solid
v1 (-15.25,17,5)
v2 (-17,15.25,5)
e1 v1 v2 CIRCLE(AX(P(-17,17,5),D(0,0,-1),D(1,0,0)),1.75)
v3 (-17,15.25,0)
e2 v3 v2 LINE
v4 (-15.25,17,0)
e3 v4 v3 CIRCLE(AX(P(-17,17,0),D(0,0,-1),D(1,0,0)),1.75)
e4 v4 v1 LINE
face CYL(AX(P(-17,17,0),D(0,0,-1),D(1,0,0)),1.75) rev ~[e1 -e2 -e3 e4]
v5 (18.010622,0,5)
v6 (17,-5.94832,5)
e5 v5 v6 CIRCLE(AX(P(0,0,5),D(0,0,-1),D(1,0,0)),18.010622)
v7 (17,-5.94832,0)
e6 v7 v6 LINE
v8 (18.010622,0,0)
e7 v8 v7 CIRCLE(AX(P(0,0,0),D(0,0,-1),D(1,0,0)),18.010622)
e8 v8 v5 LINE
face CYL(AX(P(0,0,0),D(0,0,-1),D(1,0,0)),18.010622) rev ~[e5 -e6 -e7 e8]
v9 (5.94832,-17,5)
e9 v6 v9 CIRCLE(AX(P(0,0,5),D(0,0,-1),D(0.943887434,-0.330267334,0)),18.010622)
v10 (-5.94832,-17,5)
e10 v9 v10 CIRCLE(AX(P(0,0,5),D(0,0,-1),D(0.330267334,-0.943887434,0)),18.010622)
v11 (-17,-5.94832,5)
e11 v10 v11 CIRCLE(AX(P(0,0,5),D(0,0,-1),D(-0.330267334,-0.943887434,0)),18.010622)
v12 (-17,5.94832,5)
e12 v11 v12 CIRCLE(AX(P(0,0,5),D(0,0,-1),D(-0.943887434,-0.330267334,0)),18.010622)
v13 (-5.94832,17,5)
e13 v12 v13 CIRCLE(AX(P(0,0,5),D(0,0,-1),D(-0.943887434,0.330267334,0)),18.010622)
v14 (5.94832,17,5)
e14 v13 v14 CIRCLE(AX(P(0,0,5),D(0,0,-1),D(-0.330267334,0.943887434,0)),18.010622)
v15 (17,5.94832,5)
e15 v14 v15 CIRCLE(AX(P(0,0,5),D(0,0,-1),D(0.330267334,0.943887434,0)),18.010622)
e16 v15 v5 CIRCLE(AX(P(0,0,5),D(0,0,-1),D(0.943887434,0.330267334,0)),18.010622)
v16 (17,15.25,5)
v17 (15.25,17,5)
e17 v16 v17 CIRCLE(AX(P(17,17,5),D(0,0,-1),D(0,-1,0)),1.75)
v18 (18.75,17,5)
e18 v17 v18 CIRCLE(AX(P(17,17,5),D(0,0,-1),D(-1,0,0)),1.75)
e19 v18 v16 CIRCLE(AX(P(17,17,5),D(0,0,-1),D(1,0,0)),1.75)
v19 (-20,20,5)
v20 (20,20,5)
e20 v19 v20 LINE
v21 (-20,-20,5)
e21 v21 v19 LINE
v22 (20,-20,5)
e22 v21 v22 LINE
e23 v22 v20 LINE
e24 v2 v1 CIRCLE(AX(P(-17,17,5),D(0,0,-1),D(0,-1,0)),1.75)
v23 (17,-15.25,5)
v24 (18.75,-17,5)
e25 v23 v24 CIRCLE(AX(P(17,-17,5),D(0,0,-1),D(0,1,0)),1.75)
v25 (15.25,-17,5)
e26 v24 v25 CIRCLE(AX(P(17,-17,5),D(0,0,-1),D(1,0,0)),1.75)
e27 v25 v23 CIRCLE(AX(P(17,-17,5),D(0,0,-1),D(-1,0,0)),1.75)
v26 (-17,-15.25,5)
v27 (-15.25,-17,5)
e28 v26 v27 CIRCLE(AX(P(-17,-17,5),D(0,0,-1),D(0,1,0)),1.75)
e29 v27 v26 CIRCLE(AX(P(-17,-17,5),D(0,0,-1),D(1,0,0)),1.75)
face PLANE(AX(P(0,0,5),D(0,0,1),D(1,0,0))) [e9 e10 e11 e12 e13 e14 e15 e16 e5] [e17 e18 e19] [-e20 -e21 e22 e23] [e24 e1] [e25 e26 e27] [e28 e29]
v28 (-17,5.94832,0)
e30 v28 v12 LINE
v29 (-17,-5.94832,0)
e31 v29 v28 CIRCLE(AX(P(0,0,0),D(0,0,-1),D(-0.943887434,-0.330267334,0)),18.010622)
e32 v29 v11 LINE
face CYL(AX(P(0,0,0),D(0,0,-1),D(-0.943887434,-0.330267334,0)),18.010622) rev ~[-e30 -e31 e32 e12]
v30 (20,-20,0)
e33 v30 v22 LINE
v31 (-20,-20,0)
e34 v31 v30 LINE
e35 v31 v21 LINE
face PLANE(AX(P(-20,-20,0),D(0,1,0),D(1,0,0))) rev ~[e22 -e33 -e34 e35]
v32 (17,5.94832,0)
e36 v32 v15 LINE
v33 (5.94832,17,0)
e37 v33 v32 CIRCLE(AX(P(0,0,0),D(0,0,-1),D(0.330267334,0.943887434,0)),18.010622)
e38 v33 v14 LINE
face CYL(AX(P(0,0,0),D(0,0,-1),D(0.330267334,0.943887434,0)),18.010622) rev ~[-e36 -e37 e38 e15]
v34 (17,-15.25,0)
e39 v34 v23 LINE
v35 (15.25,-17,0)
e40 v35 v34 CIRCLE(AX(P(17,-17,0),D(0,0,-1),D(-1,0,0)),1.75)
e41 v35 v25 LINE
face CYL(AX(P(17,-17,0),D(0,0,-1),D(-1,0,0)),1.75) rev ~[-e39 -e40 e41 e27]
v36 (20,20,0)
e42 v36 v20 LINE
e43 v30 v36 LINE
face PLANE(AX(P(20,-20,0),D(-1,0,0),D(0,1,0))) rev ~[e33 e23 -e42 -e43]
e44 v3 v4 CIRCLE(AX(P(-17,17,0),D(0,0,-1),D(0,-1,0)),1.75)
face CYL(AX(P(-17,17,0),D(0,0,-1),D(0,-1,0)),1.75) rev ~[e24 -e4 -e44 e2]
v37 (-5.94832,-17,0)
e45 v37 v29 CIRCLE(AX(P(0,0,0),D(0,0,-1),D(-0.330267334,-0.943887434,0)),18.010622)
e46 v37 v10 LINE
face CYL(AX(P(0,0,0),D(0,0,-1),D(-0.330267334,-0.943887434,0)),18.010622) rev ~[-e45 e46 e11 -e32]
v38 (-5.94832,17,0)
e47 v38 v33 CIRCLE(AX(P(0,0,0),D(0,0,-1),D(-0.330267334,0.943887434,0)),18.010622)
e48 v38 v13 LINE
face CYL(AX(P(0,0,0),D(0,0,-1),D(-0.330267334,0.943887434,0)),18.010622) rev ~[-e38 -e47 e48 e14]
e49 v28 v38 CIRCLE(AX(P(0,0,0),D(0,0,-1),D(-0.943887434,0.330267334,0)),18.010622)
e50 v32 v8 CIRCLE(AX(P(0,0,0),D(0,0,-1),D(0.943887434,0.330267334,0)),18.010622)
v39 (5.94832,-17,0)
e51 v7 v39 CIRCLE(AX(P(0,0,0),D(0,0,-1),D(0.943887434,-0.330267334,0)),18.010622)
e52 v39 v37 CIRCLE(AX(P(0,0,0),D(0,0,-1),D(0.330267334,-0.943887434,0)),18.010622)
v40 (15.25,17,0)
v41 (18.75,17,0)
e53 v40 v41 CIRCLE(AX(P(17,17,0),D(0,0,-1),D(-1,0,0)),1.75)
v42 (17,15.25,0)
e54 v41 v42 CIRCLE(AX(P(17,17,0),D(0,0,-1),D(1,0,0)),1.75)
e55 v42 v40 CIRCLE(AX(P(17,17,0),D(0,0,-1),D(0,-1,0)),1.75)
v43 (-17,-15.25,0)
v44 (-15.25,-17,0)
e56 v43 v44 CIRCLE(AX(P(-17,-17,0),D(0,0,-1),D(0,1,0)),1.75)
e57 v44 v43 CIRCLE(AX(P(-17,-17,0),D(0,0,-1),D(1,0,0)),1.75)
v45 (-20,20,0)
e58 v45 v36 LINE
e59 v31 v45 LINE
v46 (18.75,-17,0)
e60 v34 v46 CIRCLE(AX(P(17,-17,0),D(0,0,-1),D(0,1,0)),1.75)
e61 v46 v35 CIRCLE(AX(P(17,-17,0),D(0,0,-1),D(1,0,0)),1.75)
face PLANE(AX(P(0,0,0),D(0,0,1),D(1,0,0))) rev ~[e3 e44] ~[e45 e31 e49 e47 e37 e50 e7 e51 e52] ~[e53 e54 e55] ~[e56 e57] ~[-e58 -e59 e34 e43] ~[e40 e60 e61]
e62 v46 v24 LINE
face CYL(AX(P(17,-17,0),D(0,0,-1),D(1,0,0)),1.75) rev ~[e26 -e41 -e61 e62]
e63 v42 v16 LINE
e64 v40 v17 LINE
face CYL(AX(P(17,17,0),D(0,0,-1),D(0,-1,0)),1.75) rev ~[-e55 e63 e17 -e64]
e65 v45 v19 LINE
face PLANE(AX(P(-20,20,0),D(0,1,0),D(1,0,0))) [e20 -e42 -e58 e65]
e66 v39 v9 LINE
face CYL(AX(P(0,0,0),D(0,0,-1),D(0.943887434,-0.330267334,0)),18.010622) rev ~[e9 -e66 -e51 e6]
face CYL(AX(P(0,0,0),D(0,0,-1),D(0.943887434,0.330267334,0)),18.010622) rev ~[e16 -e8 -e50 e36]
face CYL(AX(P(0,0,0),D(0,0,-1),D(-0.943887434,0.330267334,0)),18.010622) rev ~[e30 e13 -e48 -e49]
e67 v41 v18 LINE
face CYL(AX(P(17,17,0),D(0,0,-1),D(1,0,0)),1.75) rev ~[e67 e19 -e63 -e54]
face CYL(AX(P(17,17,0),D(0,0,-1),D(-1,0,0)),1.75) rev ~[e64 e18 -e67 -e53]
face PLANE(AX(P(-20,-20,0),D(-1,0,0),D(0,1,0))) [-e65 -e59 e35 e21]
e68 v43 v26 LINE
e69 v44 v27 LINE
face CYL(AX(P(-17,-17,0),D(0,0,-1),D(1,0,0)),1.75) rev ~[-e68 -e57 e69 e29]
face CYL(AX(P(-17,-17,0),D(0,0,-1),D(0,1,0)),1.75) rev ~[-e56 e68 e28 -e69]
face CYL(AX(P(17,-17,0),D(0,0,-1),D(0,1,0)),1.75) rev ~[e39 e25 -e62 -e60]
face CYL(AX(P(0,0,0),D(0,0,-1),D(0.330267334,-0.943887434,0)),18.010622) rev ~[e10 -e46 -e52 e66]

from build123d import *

# Parameters (mm, degrees)
F0_W     = 40
F0_H     = 40
F1_DEPTH = 5


with BuildPart() as f1:
    # F0 (on Top) → F1 (new body)
    with BuildSketch(Plane.XY):
        Rectangle(F0_W, F0_H)
        with BuildLine():
            ThreePointArc((-17, 15.25), (-18.2374368671, 18.2374368671), (-15.25, 17))
            Line((-15.25, 17), (-5.9483201826, 17))
            ThreePointArc((-5.9483201826, 17), (0, 18.0106222267), (5.9483201826, 17))
            Line((5.9483201826, 17), (15.25, 17))
            ThreePointArc((15.25, 17), (17, 18.75), (18.75, 17))
            ThreePointArc((18.75, 17), (18.2374368671, 15.7625631329), (17, 15.25))
            Line((17, 15.25), (17, 5.9483201826))
            ThreePointArc((17, 5.9483201826), (17.7561692216, 3.0167809947), (18.0106222267, 0))
            ThreePointArc((18.0106222267, 0), (17.7561692216, -3.0167809947), (17, -5.9483201826))
            Line((17, -5.9483201826), (17, -15.25))
            ThreePointArc((17, -15.25), (18.2374368671, -15.7625631329), (18.75, -17))
            ThreePointArc((18.75, -17), (17, -18.75), (15.25, -17))
            Line((15.25, -17), (5.9483201826, -17))
            ThreePointArc((5.9483201826, -17), (0, -18.0106222267), (-5.9483201826, -17))
            Line((-5.9483201826, -17), (-15.25, -17))
            ThreePointArc((-15.25, -17), (-18.2374368671, -18.2374368671), (-17, -15.25))
            Line((-17, -15.25), (-17, -5.9483201826))
            ThreePointArc((-17, -5.9483201826), (-18.0106222267, 0), (-17, 5.9483201826))
            Line((-17, 5.9483201826), (-17, 15.25))
        make_face(mode=Mode.SUBTRACT)
        with BuildLine():
            ThreePointArc((-5.9483201826, -17), (-12.7354331099, -12.7354331099), (-17, -5.9483201826))
            Line((-17, -5.9483201826), (-17, -15.25))
            ThreePointArc((-17, -15.25), (-15.7625631329, -15.7625631329), (-15.25, -17))
            Line((-15.25, -17), (-5.9483201826, -17))
        make_face()
        with BuildLine():
            Line((-5.9483201826, 17), (-15.25, 17))
            ThreePointArc((-15.25, 17), (-15.7625631329, 15.7625631329), (-17, 15.25))
            Line((-17, 15.25), (-17, 5.9483201826))
            ThreePointArc((-17, 5.9483201826), (-12.7354331099, 12.7354331099), (-5.9483201826, 17))
        make_face()
        with BuildLine():
            Line((15.25, 17), (5.9483201826, 17))
            ThreePointArc((5.9483201826, 17), (12.7354331099, 12.7354331099), (17, 5.9483201826))
            Line((17, 5.9483201826), (17, 15.25))
            ThreePointArc((17, 15.25), (15.7625631329, 15.7625631329), (15.25, 17))
        make_face()
        with BuildLine():
            Line((17, -15.25), (17, -5.9483201826))
            ThreePointArc((17, -5.9483201826), (12.7354331099, -12.7354331099), (5.9483201826, -17))
            Line((5.9483201826, -17), (15.25, -17))
            ThreePointArc((15.25, -17), (15.7625631329, -15.7625631329), (17, -15.25))
        make_face()
    extrude(amount=F1_DEPTH)


solid = f1.part
